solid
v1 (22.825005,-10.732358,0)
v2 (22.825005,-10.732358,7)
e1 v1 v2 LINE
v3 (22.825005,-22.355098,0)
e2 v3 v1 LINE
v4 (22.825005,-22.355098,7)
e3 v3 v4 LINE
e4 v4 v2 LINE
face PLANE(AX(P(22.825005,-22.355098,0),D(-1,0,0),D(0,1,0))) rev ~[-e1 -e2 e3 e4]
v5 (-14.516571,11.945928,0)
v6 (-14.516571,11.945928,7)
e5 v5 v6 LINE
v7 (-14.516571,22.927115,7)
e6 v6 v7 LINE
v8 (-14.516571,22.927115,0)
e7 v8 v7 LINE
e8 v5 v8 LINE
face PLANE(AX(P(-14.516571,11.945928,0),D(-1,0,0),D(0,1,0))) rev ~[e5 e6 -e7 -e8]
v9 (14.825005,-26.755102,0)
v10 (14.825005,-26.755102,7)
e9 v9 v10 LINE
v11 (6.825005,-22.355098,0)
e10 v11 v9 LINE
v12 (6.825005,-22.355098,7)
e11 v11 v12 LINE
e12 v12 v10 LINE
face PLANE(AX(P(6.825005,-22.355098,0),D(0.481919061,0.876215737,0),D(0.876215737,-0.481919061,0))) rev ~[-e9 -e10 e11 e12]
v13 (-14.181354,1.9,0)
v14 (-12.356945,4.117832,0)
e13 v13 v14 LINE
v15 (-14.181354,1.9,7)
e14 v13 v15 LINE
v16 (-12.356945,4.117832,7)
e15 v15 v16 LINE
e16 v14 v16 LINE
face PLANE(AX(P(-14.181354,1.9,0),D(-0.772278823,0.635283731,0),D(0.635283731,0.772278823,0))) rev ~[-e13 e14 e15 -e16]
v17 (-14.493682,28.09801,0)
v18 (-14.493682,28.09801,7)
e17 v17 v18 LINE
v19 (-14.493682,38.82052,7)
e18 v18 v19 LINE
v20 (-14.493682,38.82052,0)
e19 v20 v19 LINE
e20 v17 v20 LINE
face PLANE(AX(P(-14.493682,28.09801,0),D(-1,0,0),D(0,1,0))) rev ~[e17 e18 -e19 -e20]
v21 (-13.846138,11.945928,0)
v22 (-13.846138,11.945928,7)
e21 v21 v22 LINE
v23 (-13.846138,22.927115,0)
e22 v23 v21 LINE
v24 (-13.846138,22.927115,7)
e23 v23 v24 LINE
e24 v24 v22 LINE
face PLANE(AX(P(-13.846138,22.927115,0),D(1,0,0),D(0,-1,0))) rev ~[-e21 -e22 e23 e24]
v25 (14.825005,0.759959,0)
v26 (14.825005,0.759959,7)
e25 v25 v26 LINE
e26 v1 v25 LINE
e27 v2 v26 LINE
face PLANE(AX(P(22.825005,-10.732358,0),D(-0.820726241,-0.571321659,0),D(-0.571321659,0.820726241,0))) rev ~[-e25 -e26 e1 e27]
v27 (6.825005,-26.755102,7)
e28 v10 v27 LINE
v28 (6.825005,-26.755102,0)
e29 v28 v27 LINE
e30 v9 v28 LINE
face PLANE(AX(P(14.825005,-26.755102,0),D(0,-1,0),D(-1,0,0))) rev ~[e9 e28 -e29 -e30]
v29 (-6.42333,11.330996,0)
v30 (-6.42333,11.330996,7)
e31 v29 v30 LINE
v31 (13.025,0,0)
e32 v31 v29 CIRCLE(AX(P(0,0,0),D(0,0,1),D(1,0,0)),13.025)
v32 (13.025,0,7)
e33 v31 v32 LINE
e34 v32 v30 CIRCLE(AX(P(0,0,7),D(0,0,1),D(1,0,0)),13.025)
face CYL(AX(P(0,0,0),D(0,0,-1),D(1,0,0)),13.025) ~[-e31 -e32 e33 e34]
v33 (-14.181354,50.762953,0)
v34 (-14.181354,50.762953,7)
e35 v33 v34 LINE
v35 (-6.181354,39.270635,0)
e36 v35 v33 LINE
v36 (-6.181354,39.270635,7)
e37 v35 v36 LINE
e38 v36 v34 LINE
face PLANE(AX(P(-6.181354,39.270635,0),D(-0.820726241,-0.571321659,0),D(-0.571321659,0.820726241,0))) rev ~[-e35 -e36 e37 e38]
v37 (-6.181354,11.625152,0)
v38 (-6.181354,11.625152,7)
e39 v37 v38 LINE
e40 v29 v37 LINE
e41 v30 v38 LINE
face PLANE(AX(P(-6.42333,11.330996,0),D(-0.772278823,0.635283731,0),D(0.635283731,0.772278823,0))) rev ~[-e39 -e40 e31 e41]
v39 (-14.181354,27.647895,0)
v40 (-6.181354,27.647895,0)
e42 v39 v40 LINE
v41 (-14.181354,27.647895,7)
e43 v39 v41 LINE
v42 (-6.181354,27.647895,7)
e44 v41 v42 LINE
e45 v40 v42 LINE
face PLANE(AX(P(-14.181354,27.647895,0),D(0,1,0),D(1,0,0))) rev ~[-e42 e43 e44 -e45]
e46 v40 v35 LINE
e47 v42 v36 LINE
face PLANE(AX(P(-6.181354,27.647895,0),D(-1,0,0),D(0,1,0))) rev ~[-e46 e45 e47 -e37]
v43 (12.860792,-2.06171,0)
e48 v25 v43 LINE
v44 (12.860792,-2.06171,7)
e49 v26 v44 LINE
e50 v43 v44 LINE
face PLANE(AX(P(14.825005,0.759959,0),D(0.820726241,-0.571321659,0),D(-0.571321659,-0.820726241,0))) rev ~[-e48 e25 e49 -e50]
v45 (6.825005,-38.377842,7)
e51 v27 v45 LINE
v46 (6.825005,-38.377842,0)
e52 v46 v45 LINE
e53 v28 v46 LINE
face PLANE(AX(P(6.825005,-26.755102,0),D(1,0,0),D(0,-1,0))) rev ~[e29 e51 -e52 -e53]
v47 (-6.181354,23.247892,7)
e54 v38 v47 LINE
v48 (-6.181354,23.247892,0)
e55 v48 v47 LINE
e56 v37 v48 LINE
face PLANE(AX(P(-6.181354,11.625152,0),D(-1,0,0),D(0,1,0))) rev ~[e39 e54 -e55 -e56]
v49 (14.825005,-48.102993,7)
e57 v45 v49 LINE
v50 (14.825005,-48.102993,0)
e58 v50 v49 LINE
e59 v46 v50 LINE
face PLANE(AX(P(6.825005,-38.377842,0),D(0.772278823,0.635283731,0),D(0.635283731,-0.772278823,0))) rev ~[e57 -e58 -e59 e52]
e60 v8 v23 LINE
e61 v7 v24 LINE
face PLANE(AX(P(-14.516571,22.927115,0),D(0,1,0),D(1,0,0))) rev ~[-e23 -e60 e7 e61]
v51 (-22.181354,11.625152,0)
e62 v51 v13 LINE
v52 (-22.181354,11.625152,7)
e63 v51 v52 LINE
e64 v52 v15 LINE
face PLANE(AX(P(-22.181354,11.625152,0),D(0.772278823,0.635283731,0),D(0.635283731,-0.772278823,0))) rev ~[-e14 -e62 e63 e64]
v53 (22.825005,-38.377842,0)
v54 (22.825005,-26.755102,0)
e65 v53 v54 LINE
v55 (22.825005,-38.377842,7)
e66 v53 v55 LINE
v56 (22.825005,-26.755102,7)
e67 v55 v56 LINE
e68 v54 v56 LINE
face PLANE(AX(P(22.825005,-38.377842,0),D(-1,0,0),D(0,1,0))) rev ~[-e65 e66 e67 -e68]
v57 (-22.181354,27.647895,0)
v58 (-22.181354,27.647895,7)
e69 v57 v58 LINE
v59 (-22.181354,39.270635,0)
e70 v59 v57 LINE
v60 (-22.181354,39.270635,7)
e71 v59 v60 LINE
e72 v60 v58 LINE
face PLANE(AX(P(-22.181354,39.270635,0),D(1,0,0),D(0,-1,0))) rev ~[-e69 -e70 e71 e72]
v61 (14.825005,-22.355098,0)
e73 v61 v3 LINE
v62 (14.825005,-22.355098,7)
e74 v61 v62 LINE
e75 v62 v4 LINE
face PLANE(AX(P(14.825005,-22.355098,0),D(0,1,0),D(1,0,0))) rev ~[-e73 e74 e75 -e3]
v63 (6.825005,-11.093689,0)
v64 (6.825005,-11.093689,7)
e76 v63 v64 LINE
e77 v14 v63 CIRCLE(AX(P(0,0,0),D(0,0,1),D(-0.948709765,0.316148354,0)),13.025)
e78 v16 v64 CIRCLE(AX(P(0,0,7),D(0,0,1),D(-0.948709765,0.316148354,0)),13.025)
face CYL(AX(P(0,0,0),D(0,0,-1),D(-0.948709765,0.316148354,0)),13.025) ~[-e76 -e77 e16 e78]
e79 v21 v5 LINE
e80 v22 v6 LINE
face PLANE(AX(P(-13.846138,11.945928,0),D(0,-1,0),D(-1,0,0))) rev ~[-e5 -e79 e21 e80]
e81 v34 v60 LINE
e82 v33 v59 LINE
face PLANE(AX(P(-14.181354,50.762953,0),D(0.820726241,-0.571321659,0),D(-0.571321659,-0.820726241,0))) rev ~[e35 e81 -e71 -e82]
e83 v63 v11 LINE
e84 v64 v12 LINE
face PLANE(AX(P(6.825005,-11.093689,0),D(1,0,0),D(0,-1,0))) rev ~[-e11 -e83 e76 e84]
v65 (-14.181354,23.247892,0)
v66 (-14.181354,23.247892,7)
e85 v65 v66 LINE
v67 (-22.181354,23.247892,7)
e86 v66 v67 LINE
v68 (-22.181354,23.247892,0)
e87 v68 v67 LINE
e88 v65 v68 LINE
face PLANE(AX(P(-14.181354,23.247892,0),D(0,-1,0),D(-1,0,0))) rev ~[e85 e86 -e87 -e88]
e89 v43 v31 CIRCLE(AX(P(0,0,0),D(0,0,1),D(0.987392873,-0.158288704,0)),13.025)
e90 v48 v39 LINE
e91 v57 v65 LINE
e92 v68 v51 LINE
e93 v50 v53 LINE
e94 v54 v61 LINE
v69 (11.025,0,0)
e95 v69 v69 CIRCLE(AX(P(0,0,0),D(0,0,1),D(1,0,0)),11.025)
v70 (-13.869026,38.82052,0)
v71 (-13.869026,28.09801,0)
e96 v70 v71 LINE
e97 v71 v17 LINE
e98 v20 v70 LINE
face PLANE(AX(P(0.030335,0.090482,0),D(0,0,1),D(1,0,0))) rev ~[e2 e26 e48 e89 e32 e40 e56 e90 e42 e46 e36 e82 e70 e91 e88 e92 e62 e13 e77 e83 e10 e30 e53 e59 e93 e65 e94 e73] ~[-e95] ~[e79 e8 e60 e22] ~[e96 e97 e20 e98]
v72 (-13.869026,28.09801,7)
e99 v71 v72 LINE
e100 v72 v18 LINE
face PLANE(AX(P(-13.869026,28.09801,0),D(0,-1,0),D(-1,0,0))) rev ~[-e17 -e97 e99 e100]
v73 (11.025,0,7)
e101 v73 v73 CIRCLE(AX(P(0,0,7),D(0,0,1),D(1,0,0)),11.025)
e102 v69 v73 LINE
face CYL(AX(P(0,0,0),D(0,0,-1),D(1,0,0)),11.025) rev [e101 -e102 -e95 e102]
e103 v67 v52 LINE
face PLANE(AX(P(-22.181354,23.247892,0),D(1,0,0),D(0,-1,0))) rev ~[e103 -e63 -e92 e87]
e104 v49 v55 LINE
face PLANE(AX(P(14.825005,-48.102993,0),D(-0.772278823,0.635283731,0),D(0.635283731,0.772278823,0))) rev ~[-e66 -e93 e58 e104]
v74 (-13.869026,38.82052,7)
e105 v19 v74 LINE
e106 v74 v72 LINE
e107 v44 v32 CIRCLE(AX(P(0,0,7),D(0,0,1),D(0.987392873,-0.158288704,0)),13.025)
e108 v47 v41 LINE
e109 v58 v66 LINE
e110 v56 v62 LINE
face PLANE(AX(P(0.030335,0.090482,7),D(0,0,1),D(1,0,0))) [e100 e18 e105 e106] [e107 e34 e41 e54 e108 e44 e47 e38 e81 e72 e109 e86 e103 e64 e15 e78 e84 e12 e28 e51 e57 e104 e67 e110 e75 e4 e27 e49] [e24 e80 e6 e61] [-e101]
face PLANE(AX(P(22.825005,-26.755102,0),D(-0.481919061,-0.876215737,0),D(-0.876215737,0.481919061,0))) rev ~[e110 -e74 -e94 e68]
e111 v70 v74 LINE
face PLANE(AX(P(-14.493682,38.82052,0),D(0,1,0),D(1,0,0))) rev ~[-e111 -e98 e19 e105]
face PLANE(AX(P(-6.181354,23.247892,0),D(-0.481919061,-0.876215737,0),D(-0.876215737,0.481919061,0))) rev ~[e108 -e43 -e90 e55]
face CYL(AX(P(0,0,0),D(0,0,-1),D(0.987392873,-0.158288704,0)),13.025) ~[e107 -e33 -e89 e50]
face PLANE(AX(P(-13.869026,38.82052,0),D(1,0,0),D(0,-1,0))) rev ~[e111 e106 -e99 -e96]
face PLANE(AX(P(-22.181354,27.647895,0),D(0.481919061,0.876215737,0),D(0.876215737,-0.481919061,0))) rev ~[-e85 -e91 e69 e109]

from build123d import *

# Parameters (mm, degrees)
F0_R     = 11.025
F1_DEPTH = 7


with BuildPart() as f1:
    # F0 (on Top) → F1 (new body)
    with BuildSketch(Plane.XY):
        with BuildLine():
            ThreePointArc((12.8607921453, -2.061710365), (12.9838831161, -1.0341196545), (13.0249999706, 0))
            ThreePointArc((13.0249999706, 0), (6.5569336334, 11.254210126), (-6.423329526, 11.330995633))
            Line((-6.423329526, 11.330995633), (-12.3569446603, 4.1178323055))
            ThreePointArc((-12.3569446603, 4.1178323055), (-8.0930947102, -10.2055103863), (6.8250050843, -11.0936887388))
            Line((6.8250050843, -11.0936887388), (6.8250050843, -10.7323580555))
            Line((6.8250050843, -10.7323580555), (12.8607921453, -2.061710365))
        make_face()
        Circle(F0_R, mode=Mode.SUBTRACT)
        with BuildLine():
            Line((-12.3569446603, 4.1178323055), (-6.423329526, 11.330995633))
            ThreePointArc((-6.423329526, 11.330995633), (-10.0589316493, 8.2745705815), (-12.3569446603, 4.1178323055))
        make_face()
        with BuildLine():
            ThreePointArc((-12.3569446603, 4.1178323055), (-10.0589316493, 8.2745705815), (-6.423329526, 11.330995633))
            Line((-6.423329526, 11.330995633), (-6.1813540831, 11.6251516156))
            Line((-6.1813540831, 11.6251516156), (-6.1813540831, 23.2478915714))
            Line((-6.1813540831, 23.2478915714), (-14.1813540831, 27.6478952728))
            Line((-14.1813540831, 27.6478952728), (-6.1813540831, 27.6478952728))
            Line((-6.1813540831, 27.6478952728), (-6.1813540831, 39.2706352286))
            Line((-6.1813540831, 39.2706352286), (-14.1813540831, 50.762952771))
            Line((-14.1813540831, 50.762952771), (-22.1813540831, 39.2706352286))
            Line((-22.1813540831, 39.2706352286), (-22.1813540831, 27.6478952728))
            Line((-22.1813540831, 27.6478952728), (-14.1813540831, 23.2478915714))
            Line((-14.1813540831, 23.2478915714), (-22.1813540831, 23.2478915714))
            Line((-22.1813540831, 23.2478915714), (-22.1813540831, 11.6251516156))
            Line((-22.1813540831, 11.6251516156), (-14.1813540831, 1.900000032))
            Line((-14.1813540831, 1.900000032), (-12.3569446603, 4.1178323055))
        make_face()
        Polygon((-14.5165706053, 22.92711474), (-14.1813540831, 22.92711474), (-13.8461375609, 22.92711474), (-13.8461375609, 11.9459284469), (-14.1813540831, 11.9459284469), (-14.5165706053, 11.9459284469), align=None, mode=Mode.SUBTRACT)
        Polygon((-13.8690257445, 28.0980104581), (-14.1813540831, 28.0980104581), (-14.4936824217, 28.0980104581), (-14.4936824217, 38.8205200434), (-14.1813540831, 38.8205200434), (-13.8690257445, 38.8205200434), align=None, mode=Mode.SUBTRACT)
        with BuildLine():
            Line((14.8250050843, 0.759959487), (12.8607921453, -2.061710365))
            ThreePointArc((12.8607921453, -2.061710365), (10.829441882, -7.2369753873), (6.8250050843, -11.0936887388))
            Line((6.8250050843, -11.0936887388), (6.8250050843, -22.3550980112))
            Line((6.8250050843, -22.3550980112), (14.8250050843, -26.7551017127))
            Line((14.8250050843, -26.7551017127), (6.8250050843, -26.7551017127))
            Line((6.8250050843, -26.7551017127), (6.8250050843, -38.3778416685))
            Line((6.8250050843, -38.3778416685), (14.8250050843, -48.102993252))
            Line((14.8250050843, -48.102993252), (22.8250050843, -38.3778416685))
            Line((22.8250050843, -38.3778416685), (22.8250050843, -26.7551017127))
            Line((22.8250050843, -26.7551017127), (14.8250050843, -22.3550980112))
            Line((14.8250050843, -22.3550980112), (22.8250050843, -22.3550980112))
            Line((22.8250050843, -22.3550980112), (22.8250050843, -10.7323580555))
            Line((22.8250050843, -10.7323580555), (14.8250050843, 0.759959487))
        make_face()
        with BuildLine():
            ThreePointArc((6.8250050843, -11.0936887388), (10.829441882, -7.2369753873), (12.8607921453, -2.061710365))
            Line((12.8607921453, -2.061710365), (6.8250050843, -10.7323580555))
            Line((6.8250050843, -10.7323580555), (6.8250050843, -11.0936887388))
        make_face()
    extrude(amount=F1_DEPTH)


solid = f1.part
